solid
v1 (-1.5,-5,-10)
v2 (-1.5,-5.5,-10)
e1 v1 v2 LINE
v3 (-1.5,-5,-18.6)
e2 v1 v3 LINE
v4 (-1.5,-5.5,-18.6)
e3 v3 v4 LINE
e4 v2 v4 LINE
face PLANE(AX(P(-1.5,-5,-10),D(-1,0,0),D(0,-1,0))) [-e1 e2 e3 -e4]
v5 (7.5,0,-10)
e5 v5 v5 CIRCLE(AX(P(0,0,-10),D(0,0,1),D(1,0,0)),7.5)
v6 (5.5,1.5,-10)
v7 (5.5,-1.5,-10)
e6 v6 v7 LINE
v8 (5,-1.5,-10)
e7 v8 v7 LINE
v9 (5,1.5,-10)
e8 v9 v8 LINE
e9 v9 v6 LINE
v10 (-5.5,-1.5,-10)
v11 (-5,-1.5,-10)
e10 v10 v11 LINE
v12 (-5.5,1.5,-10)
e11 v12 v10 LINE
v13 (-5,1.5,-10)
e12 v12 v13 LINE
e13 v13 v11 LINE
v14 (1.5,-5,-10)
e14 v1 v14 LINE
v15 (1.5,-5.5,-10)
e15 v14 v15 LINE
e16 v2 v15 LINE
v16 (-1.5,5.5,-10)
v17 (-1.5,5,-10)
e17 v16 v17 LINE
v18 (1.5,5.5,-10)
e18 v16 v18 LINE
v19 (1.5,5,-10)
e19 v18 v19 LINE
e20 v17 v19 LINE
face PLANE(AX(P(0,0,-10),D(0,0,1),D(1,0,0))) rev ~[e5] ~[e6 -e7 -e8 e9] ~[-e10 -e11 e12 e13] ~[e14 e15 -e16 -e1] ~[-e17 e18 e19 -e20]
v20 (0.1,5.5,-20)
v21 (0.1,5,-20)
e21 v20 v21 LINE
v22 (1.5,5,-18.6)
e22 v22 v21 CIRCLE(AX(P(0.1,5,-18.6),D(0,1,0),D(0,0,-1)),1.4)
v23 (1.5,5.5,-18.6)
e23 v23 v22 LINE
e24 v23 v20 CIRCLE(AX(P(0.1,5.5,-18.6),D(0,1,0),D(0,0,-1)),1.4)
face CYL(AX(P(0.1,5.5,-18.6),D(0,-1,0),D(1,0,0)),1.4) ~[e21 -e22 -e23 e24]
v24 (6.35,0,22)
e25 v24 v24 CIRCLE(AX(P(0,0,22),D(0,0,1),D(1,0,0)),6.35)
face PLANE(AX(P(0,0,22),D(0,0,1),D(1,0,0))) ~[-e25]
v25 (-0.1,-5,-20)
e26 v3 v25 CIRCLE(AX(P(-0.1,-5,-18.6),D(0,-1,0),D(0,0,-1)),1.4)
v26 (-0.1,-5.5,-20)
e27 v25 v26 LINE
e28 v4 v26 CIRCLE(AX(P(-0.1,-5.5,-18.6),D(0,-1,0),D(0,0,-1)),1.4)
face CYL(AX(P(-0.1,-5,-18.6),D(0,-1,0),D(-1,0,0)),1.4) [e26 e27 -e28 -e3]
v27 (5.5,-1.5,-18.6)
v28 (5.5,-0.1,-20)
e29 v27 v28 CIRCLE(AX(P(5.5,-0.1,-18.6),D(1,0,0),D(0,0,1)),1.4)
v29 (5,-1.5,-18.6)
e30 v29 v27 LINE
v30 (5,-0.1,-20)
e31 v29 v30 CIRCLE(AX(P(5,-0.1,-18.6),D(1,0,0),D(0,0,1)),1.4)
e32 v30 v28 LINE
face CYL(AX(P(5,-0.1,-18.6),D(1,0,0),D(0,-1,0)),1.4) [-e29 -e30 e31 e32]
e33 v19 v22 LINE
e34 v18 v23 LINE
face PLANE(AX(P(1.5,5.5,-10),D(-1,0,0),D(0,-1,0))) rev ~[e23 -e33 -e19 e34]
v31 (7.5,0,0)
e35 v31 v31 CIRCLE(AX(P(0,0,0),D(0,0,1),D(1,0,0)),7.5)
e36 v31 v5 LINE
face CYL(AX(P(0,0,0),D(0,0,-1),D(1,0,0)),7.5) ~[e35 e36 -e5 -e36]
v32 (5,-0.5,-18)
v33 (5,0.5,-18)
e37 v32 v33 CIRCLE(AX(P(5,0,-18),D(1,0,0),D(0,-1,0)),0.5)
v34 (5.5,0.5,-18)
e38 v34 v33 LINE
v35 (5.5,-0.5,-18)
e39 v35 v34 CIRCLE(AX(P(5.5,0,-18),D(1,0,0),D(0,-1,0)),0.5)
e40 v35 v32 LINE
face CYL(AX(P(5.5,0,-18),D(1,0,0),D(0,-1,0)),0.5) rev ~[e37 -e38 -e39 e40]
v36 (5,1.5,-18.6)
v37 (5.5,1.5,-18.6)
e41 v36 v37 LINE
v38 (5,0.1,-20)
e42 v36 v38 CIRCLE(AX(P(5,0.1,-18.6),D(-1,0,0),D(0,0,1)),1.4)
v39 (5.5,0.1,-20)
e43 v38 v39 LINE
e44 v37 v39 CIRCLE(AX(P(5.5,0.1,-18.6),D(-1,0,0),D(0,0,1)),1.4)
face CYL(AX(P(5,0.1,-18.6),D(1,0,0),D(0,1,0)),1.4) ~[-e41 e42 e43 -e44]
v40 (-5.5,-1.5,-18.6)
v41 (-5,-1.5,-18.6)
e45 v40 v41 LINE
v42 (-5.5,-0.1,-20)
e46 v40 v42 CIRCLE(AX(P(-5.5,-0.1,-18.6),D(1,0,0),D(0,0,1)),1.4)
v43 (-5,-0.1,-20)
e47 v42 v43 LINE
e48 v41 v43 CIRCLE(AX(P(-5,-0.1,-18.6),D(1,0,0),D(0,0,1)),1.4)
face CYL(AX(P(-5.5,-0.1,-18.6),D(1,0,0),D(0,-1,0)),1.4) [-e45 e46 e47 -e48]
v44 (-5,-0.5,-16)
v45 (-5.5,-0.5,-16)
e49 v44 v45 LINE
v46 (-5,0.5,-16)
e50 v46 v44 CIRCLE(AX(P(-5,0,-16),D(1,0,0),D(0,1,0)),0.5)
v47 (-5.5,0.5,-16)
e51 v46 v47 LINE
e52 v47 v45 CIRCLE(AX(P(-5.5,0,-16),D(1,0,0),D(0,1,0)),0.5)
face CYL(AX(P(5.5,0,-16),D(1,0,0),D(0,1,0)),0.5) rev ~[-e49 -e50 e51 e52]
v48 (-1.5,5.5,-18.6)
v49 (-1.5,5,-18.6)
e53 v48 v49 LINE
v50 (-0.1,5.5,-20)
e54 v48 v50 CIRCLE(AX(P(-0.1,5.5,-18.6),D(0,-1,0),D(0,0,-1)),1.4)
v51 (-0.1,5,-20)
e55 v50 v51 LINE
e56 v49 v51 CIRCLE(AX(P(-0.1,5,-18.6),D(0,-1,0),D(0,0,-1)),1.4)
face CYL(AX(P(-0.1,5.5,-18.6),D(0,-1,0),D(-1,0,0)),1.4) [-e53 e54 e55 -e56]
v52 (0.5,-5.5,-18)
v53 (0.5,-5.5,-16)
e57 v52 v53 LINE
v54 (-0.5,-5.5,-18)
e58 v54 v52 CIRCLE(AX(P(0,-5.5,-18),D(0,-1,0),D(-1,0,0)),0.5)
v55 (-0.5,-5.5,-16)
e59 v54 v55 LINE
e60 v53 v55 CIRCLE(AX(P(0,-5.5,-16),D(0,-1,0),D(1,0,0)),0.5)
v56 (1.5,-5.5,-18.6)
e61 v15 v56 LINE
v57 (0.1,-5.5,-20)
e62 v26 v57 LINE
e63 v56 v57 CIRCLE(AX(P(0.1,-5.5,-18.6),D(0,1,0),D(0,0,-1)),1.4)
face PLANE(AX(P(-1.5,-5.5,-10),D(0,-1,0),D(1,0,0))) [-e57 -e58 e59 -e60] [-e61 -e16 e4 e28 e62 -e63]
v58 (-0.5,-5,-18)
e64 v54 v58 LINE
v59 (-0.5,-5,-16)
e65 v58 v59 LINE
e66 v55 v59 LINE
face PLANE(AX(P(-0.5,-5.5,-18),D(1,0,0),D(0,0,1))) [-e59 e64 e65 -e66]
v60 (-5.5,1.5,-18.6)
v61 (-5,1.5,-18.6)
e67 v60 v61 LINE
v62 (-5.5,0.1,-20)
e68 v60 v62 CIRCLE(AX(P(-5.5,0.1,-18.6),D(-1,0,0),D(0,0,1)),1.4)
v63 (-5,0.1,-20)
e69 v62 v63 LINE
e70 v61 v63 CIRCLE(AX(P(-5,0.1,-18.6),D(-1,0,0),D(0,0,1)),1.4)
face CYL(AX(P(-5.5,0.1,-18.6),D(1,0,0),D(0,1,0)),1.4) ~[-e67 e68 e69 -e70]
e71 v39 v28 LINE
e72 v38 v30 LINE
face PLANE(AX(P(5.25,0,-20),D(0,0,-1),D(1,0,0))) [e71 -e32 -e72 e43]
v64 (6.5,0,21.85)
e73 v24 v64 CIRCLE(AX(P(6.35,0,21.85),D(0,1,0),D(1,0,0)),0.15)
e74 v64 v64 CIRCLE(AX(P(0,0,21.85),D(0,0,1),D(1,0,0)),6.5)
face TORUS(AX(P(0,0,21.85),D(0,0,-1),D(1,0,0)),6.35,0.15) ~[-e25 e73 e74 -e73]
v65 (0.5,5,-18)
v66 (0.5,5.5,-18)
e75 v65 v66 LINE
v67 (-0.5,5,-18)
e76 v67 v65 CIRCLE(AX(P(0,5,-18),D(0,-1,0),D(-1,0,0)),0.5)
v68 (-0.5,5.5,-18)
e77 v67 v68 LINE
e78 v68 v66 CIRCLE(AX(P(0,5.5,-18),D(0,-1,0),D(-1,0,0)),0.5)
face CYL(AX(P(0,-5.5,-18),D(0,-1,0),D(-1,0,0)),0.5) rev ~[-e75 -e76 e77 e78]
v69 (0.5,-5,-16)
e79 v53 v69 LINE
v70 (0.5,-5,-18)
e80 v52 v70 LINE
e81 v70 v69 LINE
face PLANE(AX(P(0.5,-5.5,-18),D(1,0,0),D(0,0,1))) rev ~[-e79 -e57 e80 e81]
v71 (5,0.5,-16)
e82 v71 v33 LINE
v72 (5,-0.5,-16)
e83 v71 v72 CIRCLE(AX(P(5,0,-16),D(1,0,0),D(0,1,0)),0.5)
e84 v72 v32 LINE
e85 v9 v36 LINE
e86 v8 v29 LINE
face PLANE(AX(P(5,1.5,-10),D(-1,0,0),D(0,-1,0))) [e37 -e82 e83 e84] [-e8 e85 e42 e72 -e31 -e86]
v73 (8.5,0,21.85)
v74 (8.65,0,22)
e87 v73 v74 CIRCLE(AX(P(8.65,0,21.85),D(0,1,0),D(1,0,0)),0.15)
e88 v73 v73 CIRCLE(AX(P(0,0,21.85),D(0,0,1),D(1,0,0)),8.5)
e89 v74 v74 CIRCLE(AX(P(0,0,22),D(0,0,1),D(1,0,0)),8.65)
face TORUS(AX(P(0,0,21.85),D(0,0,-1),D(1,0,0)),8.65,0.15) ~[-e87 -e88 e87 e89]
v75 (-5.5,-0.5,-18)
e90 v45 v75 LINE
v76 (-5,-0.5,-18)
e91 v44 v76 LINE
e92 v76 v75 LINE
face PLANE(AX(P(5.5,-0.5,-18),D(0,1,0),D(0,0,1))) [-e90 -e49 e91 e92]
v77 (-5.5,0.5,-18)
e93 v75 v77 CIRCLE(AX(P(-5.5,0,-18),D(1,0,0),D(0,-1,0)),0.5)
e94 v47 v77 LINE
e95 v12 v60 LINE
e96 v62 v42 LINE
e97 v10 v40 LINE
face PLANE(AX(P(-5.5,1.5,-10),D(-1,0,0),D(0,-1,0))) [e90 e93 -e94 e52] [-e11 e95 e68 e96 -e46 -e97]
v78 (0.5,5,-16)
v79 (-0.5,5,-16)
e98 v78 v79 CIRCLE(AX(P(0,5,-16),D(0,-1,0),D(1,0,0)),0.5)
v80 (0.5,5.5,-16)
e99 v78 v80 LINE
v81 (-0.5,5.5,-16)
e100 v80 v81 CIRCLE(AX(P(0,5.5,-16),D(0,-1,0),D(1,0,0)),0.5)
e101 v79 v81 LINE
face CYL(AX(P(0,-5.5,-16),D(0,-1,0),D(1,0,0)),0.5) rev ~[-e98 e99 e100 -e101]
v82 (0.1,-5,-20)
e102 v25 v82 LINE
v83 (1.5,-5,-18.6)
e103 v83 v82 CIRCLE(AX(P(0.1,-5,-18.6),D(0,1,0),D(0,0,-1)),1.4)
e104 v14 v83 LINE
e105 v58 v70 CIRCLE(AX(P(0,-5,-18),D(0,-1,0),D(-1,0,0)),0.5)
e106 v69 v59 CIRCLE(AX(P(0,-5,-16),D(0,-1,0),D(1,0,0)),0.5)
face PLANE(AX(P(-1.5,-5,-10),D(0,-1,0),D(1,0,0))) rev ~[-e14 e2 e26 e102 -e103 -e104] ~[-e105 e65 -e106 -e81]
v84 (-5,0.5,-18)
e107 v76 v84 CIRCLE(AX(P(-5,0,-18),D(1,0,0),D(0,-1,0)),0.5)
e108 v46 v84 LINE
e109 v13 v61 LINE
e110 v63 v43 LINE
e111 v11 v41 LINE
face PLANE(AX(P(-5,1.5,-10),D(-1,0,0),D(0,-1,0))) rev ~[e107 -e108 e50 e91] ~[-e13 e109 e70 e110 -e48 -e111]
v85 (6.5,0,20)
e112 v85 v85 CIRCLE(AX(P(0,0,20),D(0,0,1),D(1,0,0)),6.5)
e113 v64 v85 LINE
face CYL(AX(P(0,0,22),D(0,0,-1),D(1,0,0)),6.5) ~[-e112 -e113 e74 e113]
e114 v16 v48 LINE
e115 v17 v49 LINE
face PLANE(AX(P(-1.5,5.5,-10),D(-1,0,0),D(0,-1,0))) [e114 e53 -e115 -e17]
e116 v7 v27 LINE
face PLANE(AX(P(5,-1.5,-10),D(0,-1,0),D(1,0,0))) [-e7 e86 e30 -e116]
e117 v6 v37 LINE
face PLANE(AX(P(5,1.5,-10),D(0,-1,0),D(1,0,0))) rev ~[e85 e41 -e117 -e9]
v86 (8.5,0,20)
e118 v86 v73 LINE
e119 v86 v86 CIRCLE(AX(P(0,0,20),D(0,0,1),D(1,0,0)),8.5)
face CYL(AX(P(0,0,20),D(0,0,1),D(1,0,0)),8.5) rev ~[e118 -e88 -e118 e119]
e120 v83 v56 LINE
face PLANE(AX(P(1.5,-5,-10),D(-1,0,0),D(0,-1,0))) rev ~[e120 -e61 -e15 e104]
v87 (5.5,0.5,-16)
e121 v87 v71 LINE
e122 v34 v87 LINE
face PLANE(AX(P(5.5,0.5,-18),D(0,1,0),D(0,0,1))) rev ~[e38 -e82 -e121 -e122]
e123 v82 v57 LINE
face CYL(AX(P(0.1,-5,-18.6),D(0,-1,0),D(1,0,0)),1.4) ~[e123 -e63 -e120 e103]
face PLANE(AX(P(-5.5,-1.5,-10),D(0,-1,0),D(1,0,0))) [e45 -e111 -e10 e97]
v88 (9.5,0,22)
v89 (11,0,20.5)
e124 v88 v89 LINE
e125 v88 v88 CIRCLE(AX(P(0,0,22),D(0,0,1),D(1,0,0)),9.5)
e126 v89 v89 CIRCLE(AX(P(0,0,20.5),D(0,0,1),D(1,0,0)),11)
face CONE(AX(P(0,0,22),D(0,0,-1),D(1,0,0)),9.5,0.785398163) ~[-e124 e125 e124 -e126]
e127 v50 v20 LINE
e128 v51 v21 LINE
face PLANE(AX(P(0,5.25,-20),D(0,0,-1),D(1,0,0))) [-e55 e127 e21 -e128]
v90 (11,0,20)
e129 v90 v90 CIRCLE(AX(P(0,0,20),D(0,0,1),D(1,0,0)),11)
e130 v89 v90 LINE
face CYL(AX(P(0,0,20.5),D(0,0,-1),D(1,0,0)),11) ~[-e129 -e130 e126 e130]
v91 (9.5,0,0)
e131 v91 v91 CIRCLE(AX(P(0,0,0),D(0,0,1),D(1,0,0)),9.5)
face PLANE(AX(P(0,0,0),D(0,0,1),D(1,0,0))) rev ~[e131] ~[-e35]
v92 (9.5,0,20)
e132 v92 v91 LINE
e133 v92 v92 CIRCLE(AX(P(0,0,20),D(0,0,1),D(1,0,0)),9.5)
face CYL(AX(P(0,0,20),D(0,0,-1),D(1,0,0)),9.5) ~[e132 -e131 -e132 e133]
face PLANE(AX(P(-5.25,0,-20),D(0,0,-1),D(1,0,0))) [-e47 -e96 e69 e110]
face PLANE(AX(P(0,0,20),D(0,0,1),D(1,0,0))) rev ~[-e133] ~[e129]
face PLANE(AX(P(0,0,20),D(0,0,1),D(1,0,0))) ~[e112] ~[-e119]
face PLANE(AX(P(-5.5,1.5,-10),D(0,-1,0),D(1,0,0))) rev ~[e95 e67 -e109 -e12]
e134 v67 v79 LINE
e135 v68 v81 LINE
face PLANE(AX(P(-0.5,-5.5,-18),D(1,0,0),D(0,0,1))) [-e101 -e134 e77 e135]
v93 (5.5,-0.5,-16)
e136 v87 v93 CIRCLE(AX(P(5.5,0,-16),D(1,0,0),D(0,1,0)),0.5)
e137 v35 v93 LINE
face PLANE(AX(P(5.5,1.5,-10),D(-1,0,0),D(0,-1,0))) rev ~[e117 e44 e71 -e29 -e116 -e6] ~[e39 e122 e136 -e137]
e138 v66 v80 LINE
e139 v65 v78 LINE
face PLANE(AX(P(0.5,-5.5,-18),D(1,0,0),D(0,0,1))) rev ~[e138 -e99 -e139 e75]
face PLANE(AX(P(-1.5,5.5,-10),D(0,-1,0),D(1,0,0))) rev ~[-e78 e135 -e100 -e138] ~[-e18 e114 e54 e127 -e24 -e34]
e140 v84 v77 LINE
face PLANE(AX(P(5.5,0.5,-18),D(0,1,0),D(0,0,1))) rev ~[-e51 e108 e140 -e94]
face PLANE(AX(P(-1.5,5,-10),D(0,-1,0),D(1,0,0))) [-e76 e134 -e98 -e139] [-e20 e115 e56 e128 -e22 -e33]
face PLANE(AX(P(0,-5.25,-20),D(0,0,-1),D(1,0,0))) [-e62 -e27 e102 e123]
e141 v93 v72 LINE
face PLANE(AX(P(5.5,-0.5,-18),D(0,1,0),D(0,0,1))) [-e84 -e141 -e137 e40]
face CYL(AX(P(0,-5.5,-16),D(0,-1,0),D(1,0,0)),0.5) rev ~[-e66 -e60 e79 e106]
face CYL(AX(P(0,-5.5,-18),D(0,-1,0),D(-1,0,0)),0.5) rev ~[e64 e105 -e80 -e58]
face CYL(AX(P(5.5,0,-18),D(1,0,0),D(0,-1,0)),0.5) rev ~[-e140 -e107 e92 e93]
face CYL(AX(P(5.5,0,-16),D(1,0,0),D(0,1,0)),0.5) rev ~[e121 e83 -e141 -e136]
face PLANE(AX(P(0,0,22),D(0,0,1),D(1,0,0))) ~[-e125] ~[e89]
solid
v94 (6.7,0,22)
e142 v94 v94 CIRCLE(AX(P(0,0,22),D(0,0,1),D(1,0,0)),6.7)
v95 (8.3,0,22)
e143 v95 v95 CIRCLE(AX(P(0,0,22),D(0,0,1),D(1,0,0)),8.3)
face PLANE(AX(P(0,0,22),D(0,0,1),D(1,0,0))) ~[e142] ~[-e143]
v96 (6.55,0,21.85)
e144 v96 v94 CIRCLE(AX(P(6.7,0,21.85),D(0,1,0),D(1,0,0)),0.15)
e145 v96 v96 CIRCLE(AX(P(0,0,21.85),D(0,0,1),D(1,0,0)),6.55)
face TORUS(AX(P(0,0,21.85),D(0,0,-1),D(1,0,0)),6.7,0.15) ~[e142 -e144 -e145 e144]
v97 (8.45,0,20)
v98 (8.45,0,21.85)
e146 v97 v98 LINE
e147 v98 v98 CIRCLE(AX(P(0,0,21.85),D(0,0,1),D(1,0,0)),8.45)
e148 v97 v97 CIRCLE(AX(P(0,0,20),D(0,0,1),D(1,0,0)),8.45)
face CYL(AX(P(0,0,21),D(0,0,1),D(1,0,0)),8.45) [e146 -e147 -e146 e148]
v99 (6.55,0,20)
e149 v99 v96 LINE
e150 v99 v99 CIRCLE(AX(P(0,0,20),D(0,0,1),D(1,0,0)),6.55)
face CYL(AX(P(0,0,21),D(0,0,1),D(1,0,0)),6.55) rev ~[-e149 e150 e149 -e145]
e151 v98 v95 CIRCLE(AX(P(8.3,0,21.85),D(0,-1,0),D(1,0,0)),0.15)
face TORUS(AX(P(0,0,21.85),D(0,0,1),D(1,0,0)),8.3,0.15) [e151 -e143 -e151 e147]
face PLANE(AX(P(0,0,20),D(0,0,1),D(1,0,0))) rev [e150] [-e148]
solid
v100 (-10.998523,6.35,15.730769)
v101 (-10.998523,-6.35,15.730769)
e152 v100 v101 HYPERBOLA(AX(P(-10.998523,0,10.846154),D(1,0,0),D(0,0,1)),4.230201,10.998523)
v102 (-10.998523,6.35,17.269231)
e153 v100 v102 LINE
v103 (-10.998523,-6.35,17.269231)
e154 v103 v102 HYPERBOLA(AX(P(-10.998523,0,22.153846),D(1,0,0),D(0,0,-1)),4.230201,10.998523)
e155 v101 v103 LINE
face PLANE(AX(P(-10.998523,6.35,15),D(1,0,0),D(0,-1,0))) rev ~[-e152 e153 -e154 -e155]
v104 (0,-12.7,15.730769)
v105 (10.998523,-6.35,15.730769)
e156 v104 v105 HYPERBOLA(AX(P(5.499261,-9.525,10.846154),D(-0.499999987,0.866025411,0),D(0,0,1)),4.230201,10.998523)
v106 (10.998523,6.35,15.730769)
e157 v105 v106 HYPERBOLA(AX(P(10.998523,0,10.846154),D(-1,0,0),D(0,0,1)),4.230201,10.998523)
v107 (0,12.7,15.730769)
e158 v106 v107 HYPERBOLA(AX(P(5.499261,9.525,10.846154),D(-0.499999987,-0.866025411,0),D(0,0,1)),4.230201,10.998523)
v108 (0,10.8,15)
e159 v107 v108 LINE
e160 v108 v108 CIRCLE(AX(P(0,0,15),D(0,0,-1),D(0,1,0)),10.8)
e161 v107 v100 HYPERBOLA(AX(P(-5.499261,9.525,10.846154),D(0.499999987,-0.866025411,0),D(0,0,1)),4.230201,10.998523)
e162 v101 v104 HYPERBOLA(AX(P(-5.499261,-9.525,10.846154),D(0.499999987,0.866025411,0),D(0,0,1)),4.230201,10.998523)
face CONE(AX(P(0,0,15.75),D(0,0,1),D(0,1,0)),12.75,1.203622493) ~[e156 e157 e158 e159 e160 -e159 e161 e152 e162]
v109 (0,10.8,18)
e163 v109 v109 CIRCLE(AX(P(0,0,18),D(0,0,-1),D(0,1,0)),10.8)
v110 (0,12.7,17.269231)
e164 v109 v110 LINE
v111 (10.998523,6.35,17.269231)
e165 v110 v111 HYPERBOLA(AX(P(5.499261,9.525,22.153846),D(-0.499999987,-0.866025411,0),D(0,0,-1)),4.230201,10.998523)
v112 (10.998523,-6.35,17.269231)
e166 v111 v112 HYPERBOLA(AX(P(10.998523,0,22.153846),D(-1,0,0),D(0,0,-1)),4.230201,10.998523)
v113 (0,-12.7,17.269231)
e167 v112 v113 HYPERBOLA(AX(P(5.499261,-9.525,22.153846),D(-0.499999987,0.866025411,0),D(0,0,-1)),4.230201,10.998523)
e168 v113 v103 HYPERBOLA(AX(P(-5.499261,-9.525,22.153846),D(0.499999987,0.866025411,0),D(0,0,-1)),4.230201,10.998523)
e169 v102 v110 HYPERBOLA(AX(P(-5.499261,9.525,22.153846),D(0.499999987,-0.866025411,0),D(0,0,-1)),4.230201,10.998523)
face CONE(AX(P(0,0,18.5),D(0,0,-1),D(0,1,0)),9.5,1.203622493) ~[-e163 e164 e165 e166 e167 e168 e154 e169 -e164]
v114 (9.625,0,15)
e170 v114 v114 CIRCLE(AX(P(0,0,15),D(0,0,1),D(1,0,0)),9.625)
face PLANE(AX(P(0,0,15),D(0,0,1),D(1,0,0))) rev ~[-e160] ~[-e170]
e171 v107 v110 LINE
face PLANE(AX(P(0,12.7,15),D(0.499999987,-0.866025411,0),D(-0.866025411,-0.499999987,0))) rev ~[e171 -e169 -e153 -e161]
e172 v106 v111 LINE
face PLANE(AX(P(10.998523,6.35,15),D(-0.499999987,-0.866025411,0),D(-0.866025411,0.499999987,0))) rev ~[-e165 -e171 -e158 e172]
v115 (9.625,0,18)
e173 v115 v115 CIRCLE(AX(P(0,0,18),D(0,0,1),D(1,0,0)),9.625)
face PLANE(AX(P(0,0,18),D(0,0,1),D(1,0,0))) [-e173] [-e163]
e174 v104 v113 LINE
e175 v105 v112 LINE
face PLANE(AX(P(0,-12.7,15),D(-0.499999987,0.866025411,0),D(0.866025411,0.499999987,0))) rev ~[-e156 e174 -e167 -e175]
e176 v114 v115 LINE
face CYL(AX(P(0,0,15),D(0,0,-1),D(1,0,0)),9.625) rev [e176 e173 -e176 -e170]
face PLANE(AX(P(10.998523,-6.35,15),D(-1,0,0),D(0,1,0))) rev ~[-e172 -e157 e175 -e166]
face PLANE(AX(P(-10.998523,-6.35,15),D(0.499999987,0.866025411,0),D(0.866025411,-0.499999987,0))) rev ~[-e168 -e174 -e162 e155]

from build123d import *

# Parameters (mm, degrees)
FILLET_R        = 0.15
SKETCH002_W     = 3
SKETCH002_H     = 0.5
SKETCH002_W_2   = 0.5
SKETCH002_H_2   = 3
PAD_DEPTH       = 10
FILLET002_R     = 1.4
POCKET_DEPTH    = 16.501
POCKET001_DEPTH = 16.501
SKETCH001_W     = 1.9
SKETCH001_H     = 2
FILLET001_R     = 0.15
SKETCH006_R     = 9.625
PAD001_DEPTH    = 3


with BuildPart() as push_button_case:
    # Sketch → Revolution (revolve)
    with BuildSketch(Plane.XZ):
        Polygon((0, 22), (6.5, 22), (6.5, 20), (8.5, 20), (8.5, 22), (9.5, 22), (11, 20.5), (11, 20), (9.5, 20), (9.5, 0), (7.5, 0), (7.5, -10), (0, -10), (0, 0), align=None)
    revolve(axis=Axis((0, 0, 0), (0, 0, 1)))

    # Fillet
    fillet_edges = [push_button_case.edges().sort_by_distance(p)[0] for p in [
        (-6.5, 0, 22),
        (-8.5, 0, 22),
    ]]
    fillet(fillet_edges, radius=FILLET_R)

    # Sketch002 (on Face14 of Fillet) → Pad (new body)
    with BuildSketch(Plane(origin=(0, 0, -10), x_dir=(1, 0, 0), z_dir=(0, 0, -1))):
        with Locations((0, 5.25)):
            Rectangle(SKETCH002_W, SKETCH002_H)
        with Locations((5.25, 0)):
            Rectangle(SKETCH002_W_2, SKETCH002_H_2)
        with Locations((0, -5.25)):
            Rectangle(SKETCH002_W, SKETCH002_H)
        with Locations((-5.25, 0)):
            Rectangle(SKETCH002_W_2, SKETCH002_H_2)
    extrude(amount=PAD_DEPTH)

    # Fillet002
    fillet002_edges = [push_button_case.edges().sort_by_distance(p)[0] for p in [
        (-1.5, -5.25, -20),
        (1.5, -5.25, -20),
        (-5.25, -1.5, -20),
        (-5.25, 1.5, -20),
        (-1.5, 5.25, -20),
        (1.5, 5.25, -20),
        (5.25, 1.5, -20),
        (5.25, -1.5, -20),
    ]]
    fillet(fillet002_edges, radius=FILLET002_R)

    # Sketch003 (on Face15 of Fillet002) → Pocket (cut, through all)
    with BuildSketch(Plane(origin=(5.5, 0, 0), x_dir=(0, 0, 1), z_dir=(1, 0, 0))):
        with BuildLine():
            ThreePointArc((-18, 0.5), (-18.5, 0), (-18, -0.5))
            Line((-18, -0.5), (-16, -0.5))
            ThreePointArc((-16, -0.5), (-15.5, 0), (-16, 0.5))
            Line((-18, 0.5), (-16, 0.5))
        make_face()
    extrude(amount=-POCKET_DEPTH, mode=Mode.SUBTRACT)

    # Sketch005 (on Face16 of Pocket) → Pocket001 (cut, through all)
    with BuildSketch(Plane.XZ.offset(5.5)):
        with BuildLine():
            ThreePointArc((-0.5, -18), (0, -18.5), (0.5, -18))
            Line((0.5, -18), (0.5, -16))
            ThreePointArc((0.5, -16), (0, -15.5), (-0.5, -16))
            Line((-0.5, -18), (-0.5, -16))
        make_face()
    extrude(amount=-POCKET001_DEPTH, mode=Mode.SUBTRACT)


with BuildPart() as push_button_led:
    # Sketch001 → Revolution001 (revolve)
    with BuildSketch(Plane.XZ):
        with Locations((7.5, 21)):
            Rectangle(SKETCH001_W, SKETCH001_H)
    revolve(axis=Axis((0, 0, 0), (0, 0, 1)))

    # Fillet001
    fillet001_edges = [push_button_led.edges().sort_by_distance(p)[0] for p in [
        (-8.45, 0, 22),
        (-6.55, 0, 22),
    ]]
    fillet(fillet001_edges, radius=FILLET001_R)


with BuildPart() as push_button_nut:
    # Sketch006 → Pad001 (new body)
    with BuildSketch(Plane.XY):
        Polygon((0, 12.7), (-10.998523, 6.35), (-10.998523, -6.35), (0, -12.7), (10.998523, -6.35), (10.998523, 6.35), align=None)
        Circle(SKETCH006_R, mode=Mode.SUBTRACT)
    extrude(amount=PAD001_DEPTH)

    # Sketch007 → Groove (revolve, cut)
    with BuildSketch(Plane.YZ):
        Polygon((9.5, 3.5), (12.75, 2.25), (12.75, 0.75), (9.5, -0.5), (14.5, -0.5), (14.5, 3.5), align=None)
    revolve(axis=Axis((0, 0, 0), (0, 0, 1)), mode=Mode.SUBTRACT)


with BuildPart() as push_button_nut_1:
    # Body002 placement: moved
    add(push_button_nut.part.moved(Location((0, 0, 15))))


solid = Compound([push_button_case.part, push_button_led.part, push_button_nut_1.part])
